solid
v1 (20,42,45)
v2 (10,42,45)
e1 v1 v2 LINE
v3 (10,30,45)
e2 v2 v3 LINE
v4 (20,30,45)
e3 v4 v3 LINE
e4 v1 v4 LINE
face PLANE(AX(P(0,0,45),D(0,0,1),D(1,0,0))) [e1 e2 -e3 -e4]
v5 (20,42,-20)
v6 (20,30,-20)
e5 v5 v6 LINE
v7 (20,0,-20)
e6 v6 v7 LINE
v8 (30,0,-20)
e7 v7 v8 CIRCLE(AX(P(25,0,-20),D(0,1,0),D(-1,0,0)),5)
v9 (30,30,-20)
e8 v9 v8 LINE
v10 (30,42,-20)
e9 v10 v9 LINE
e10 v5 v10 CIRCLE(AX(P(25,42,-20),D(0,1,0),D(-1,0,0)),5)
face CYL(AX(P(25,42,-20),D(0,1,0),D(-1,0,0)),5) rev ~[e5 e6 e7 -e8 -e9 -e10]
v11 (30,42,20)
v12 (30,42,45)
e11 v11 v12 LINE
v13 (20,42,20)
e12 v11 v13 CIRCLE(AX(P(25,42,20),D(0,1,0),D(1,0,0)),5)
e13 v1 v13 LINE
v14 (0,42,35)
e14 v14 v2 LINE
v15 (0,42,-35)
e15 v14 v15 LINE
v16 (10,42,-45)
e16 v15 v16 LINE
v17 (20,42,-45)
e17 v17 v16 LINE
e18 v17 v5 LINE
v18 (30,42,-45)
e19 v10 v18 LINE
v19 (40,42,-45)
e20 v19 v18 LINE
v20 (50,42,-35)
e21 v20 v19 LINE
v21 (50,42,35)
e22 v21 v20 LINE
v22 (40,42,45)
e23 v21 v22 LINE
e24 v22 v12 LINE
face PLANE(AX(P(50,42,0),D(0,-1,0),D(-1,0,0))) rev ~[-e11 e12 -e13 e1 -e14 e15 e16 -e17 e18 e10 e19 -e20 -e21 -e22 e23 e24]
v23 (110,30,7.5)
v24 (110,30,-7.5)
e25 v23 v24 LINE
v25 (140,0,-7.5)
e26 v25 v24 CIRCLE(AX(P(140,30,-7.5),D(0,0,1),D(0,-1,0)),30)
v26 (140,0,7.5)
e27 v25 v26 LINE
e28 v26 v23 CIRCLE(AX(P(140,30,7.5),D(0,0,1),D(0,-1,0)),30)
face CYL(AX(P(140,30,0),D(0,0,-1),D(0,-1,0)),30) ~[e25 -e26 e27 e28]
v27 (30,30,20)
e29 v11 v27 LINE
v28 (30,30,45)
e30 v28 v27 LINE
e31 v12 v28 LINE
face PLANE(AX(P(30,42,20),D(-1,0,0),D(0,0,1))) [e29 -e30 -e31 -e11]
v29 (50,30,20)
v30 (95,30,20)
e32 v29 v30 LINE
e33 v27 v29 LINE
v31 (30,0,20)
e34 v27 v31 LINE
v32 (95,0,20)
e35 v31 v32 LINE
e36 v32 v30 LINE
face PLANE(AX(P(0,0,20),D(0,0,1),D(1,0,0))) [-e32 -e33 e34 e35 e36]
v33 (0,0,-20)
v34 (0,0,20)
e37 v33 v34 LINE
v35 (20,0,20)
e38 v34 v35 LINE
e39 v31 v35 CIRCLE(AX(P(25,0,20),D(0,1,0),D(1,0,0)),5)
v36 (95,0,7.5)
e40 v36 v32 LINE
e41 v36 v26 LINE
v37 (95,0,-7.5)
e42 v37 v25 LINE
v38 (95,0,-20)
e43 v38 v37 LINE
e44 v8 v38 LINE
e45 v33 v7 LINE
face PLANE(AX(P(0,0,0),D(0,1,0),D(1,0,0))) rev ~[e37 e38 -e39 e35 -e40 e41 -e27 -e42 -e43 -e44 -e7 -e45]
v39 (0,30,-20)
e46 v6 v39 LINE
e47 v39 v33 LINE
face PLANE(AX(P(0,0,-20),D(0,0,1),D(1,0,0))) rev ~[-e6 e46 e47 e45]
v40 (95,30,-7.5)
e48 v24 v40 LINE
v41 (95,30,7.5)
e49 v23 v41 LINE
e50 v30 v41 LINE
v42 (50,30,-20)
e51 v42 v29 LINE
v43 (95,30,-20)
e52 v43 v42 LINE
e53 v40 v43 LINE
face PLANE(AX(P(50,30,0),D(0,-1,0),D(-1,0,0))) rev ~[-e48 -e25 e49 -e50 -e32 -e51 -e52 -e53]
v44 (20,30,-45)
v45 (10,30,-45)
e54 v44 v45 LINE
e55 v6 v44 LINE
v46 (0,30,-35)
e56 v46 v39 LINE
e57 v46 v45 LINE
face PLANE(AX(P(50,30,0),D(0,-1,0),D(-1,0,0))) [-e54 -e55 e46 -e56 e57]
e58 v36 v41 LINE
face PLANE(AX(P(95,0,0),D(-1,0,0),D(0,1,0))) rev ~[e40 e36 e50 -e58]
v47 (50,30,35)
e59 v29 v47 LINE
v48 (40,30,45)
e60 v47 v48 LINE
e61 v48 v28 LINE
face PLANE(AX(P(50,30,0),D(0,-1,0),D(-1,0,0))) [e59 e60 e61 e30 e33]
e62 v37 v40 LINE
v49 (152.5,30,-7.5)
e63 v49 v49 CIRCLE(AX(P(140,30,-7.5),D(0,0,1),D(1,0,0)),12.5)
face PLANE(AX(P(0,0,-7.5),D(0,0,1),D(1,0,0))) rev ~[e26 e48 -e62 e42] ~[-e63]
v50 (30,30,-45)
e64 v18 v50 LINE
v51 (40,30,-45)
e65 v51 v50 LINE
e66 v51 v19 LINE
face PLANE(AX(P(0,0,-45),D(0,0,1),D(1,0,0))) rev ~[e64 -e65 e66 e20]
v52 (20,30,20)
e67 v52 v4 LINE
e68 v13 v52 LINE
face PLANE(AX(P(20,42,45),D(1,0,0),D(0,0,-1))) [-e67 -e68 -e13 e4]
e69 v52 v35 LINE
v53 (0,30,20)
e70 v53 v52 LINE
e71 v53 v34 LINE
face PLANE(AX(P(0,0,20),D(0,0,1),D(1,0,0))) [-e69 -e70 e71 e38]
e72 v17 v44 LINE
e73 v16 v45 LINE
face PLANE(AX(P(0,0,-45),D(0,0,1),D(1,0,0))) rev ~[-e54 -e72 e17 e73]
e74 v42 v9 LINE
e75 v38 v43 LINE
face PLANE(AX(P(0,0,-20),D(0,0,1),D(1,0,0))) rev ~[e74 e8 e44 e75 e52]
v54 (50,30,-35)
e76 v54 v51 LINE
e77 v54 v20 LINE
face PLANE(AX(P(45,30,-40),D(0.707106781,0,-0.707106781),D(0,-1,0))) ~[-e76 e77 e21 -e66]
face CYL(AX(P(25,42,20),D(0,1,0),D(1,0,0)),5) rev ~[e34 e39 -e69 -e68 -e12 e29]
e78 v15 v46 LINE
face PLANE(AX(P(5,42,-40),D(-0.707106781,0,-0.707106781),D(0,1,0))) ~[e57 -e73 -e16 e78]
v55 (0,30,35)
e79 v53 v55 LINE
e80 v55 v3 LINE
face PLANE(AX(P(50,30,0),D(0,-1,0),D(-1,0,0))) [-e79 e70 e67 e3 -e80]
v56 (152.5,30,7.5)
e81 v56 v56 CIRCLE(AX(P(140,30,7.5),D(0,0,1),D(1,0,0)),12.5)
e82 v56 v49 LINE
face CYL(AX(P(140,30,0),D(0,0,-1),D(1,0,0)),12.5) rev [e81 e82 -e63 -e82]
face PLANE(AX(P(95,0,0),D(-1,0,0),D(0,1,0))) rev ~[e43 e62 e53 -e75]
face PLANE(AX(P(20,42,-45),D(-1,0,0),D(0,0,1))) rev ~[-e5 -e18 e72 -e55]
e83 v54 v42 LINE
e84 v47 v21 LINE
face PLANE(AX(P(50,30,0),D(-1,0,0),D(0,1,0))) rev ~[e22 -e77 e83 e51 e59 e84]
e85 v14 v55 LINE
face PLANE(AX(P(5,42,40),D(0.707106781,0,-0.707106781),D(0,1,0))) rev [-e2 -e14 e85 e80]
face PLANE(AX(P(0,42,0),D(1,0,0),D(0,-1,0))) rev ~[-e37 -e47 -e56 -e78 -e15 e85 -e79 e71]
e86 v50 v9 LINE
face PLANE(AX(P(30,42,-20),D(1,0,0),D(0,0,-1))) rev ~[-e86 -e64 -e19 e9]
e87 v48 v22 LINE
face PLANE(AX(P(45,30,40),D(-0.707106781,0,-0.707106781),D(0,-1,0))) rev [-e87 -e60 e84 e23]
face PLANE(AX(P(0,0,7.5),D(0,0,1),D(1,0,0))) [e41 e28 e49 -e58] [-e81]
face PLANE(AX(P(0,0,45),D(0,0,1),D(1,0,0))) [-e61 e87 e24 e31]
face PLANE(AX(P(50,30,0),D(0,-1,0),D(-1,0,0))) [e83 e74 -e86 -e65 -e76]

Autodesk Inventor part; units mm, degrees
ref_plane "YZ Plane" through (0, 0, 0) normal (1, 0, 0) x (0, 1, 0)
ref_plane "XZ Plane" through (0, 0, 0) normal (0, 1, 0) x (-1, 0, 0)
ref_plane "XY Plane" through (0, 0, 0) normal (0, 0, 1) x (1, 0, 0)
sketch "Esboço1" plane through (0, 0, 0) normal (0, 0, 1) x (1, 0, 0)
  line L0 (0, 0) -> (95, 0)
  line L1 (95, 0) -> (95, 30)
  line L2 (95, 30) -> (0, 30)
  line L3 (0, 30) -> (0, 0)
  line L4 (0, 30) -> (50, 30)
  line L5 (50, 30) -> (50, 42)
  line L6 (50, 42) -> (0, 42)
  line L7 (0, 42) -> (0, 30)
  line L8 (95, 0) -> (140, 0)
  line L9 (110, 30) -> (95, 30)
  line L10 (95, 30) -> (95, 0)
  arc A0 (140, 0) -> (110, 30) centre (140, 30) ccw
  circle A1 centre (140, 30) radius 12.5
  dimension "d0" = 95
  dimension "d1" = 30
  dimension "d3" = 50
  dimension "d4" = 12
  dimension "d5" = 30
  dimension "d6" = 140
  dimension "d7" = 25
extrude "Extrusão1" add sketch "Esboço1" along normal mid plane 90 contours L7 L6 L5 L2
extrude "Extrusão2" add sketch "Esboço1" along normal mid plane 15 contours L1 L9 A0 L8
extrude "Extrusão3" add sketch "Esboço1" along normal mid plane 40 contours L3 L2 L1 L0
sketch "Esboço2" plane through (0, 42, 45) normal (0, 1, 0) x (1, 0, 0)
  line L0 (25, 115) -> (25, 65) construction
  line L1 (50, 90) -> (0, 90) projected
  line L2 (20, 115) -> (20, 65)
  line L3 (30, 65) -> (30, 115)
  arc A0 (30, 115) -> (20, 115) centre (25, 115) ccw
  arc A1 (20, 65) -> (30, 65) centre (25, 65) ccw
  line L4 (25, -25) -> (25, 25) construction
  line L5 (0, 0) -> (50, 0) projected
  line L6 (20, -25) -> (20, 25)
  line L7 (30, 25) -> (30, -25)
  arc A2 (20, -25) -> (30, -25) centre (25, -25) ccw
  arc A3 (30, 25) -> (20, 25) centre (25, 25) ccw
  point P0 (0, 45)
  point P1 (25, 90)
  point P2 (25, 0)
  point P3 (30, 90)
  point P4 (20, 90)
  point P5 (20, 0)
  point P6 (30, 0)
  dimension "d14" = 5
  dimension "d15" = 5
  dimension "d16" = 25
  dimension "d17" = 25
extrude "Extrusão4" cut sketch "Esboço2" against normal through all contours L3 A1 L2 L1 | L6 A3 L7 L5
chamfer "Chanfro1" distance 10 angle 45 4 edges at (0, 36, 45) (50, 36, 45) (0, 36, -45) (50, 36, -45)
properties part number "3D part"
